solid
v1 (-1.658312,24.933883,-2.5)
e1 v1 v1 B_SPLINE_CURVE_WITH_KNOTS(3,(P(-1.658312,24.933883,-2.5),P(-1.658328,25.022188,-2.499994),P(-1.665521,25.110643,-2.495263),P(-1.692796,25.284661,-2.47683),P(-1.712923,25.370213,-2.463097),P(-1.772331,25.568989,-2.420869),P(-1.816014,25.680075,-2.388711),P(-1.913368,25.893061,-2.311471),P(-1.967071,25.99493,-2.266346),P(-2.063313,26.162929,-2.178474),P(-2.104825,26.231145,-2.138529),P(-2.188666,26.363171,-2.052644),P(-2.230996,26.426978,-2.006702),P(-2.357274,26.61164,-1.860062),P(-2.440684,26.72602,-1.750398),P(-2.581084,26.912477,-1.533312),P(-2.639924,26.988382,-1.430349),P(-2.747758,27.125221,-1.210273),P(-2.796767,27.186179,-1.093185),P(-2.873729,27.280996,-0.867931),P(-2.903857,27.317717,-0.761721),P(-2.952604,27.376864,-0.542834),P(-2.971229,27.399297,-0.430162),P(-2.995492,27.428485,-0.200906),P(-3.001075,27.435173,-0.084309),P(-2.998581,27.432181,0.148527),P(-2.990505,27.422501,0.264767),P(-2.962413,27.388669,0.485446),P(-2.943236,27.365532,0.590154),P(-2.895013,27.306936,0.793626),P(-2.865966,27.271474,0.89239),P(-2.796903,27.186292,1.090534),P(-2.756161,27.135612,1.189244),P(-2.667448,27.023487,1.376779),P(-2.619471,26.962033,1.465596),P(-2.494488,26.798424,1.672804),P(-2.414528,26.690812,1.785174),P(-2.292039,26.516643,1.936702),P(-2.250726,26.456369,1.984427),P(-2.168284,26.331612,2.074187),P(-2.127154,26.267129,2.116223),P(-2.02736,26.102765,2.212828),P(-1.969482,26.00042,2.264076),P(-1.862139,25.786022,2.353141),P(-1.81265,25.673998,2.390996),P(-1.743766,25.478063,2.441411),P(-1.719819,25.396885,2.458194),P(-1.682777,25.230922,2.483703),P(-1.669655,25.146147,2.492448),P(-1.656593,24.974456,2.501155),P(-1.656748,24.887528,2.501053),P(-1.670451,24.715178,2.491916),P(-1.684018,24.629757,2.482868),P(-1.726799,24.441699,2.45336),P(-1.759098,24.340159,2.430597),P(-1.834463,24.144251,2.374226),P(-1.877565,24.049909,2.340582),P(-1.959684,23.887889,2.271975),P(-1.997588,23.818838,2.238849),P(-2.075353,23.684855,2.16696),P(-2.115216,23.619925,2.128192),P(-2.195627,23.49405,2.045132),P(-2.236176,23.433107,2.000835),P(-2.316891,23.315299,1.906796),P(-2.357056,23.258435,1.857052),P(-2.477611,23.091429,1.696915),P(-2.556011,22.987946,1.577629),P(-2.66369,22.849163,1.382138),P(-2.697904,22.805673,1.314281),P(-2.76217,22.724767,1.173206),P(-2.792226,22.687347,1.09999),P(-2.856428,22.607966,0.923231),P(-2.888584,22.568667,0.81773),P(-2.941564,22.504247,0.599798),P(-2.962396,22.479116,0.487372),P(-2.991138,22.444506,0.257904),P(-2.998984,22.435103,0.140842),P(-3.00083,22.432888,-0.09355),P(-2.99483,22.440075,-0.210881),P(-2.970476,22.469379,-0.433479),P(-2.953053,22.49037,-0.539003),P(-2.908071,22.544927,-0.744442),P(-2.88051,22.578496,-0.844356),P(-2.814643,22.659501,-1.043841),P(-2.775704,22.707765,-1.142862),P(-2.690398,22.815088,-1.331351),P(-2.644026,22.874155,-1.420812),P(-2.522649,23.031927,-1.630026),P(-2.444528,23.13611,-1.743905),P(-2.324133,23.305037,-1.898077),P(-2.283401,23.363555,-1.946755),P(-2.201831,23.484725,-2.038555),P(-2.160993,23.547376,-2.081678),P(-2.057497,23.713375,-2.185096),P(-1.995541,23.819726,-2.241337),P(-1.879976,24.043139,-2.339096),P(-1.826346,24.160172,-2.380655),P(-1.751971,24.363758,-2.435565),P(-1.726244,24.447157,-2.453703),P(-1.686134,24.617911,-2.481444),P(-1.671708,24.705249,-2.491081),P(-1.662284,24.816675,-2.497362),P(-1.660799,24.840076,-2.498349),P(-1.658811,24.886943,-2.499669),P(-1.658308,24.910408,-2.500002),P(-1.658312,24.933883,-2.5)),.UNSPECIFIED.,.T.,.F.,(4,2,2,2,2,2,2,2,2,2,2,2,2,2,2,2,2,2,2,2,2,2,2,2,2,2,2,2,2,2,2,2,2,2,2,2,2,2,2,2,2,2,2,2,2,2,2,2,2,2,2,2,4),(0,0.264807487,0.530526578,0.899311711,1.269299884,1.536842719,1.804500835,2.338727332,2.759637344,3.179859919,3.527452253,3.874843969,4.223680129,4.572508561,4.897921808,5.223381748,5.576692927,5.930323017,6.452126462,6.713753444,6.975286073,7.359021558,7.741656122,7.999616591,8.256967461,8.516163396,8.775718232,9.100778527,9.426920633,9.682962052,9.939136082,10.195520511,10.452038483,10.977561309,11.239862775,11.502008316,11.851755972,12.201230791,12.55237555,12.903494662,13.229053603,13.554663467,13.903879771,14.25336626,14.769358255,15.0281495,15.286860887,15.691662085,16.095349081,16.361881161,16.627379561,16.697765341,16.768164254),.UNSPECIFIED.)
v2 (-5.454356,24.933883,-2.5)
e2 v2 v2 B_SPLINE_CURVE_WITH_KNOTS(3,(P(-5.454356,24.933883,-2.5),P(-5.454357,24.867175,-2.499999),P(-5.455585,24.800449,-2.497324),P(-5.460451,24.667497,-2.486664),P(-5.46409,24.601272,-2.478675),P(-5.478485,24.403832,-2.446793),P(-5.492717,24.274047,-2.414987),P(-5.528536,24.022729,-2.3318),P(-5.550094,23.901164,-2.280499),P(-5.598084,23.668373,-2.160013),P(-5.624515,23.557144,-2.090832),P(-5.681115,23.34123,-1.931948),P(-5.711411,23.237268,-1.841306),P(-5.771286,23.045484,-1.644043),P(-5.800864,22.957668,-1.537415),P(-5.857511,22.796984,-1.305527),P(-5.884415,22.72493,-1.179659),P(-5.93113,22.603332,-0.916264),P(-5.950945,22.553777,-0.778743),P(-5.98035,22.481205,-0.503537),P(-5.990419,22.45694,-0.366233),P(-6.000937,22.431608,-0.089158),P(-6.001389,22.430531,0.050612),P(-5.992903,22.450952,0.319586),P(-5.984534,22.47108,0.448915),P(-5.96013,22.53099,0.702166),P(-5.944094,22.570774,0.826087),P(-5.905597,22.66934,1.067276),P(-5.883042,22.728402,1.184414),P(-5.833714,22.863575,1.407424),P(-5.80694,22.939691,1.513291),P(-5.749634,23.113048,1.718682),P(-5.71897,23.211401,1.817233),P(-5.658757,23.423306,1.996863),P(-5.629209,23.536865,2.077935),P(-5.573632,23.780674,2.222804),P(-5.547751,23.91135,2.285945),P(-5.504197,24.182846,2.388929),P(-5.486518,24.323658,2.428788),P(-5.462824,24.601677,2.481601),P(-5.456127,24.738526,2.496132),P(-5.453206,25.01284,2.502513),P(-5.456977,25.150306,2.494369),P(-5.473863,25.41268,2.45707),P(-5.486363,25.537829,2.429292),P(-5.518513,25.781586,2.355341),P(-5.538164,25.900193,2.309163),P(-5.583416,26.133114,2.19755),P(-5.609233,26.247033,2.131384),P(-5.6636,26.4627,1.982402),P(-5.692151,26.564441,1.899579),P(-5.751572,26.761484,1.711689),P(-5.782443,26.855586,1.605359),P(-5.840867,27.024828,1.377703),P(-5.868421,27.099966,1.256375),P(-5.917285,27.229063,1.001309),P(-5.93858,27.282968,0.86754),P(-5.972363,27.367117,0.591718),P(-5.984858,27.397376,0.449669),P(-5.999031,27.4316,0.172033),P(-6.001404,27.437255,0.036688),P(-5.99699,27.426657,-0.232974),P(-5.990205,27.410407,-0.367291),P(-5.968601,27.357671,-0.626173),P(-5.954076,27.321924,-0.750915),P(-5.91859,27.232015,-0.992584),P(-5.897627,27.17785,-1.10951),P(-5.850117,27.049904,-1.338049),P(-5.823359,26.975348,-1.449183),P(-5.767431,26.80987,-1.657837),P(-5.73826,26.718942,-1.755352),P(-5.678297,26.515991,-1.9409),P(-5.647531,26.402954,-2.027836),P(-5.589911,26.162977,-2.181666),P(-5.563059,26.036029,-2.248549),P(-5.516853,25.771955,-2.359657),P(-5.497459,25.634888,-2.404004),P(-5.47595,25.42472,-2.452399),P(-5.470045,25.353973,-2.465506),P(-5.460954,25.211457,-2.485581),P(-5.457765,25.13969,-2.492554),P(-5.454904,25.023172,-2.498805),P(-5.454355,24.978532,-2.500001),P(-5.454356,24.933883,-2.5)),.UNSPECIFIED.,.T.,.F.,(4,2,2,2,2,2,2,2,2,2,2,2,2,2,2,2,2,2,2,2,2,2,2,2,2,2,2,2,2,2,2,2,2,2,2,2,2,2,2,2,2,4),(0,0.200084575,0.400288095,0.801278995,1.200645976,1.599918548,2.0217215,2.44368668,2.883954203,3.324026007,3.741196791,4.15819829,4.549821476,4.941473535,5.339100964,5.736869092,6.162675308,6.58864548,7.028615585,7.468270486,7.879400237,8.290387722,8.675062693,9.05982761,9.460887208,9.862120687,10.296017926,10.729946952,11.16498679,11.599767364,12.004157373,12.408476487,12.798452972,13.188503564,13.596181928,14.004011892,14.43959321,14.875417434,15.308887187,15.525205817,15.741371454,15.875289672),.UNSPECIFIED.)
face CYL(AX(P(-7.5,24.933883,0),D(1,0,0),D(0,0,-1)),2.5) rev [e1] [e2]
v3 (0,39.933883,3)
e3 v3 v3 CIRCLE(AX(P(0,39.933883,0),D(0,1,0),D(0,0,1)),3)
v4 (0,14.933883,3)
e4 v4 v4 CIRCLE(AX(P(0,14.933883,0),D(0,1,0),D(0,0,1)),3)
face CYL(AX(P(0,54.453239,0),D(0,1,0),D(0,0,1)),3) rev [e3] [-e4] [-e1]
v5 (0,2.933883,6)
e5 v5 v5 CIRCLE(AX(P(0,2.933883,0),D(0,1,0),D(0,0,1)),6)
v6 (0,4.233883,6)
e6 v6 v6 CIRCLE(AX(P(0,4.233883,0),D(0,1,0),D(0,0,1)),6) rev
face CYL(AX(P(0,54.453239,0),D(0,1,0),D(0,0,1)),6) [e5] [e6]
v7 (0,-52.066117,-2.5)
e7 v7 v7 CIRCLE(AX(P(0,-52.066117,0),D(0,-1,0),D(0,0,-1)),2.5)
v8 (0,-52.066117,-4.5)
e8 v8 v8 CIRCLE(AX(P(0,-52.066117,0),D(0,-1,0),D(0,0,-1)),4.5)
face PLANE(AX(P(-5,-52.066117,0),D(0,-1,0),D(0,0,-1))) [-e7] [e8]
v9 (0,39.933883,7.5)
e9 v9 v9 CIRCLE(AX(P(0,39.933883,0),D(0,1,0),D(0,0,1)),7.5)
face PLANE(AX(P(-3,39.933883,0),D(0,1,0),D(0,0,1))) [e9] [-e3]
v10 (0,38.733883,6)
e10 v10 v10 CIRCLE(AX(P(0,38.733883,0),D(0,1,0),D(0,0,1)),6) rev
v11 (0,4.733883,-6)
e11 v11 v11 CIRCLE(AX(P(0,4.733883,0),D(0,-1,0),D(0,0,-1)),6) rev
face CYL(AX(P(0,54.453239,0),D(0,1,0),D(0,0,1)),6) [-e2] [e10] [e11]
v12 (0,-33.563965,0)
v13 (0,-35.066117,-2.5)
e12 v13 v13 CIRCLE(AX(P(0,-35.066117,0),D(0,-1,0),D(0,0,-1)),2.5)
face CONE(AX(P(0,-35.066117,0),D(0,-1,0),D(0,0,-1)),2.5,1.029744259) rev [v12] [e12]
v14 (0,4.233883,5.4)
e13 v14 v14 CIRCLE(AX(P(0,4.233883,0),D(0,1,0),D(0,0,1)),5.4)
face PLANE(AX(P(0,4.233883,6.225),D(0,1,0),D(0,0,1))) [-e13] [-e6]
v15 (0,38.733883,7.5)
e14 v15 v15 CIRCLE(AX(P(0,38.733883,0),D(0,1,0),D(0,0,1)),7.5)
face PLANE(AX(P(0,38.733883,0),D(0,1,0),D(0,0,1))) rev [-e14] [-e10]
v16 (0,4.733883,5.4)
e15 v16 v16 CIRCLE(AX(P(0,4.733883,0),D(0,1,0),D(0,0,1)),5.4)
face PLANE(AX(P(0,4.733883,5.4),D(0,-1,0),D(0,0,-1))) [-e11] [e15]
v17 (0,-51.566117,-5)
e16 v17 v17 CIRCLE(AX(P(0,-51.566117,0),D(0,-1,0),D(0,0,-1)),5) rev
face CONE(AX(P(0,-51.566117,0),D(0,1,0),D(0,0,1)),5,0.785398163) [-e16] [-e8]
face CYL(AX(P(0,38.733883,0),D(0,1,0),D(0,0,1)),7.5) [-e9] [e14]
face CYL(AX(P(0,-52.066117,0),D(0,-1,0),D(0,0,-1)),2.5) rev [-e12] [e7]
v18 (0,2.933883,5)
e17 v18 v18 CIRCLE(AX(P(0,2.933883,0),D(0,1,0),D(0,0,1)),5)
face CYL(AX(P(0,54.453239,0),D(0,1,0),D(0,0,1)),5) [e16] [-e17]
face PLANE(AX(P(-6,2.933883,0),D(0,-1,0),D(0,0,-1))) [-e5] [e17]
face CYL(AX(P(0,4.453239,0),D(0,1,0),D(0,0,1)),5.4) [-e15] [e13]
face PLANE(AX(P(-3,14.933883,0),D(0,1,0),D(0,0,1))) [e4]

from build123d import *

# Parameters (mm, degrees)
CHAMFER1_SIZE         = 0.5
BOSS_EXTRUDE1_START   = -1.2
SKETCH2_R             = 7.5
SKETCH2_R_2           = 3
BOSS_EXTRUDE1_DEPTH   = 1.2
SKETCH5_R             = 2.5
CUT_EXTRUDE1_DEPTH    = 54.135491794
M6_TAPPED_HOLE1_D     = 5
M6_TAPPED_HOLE1_DEPTH = 17
M6_TAPPED_HOLE1_TIP   = 1.502151548


with BuildPart() as part:
    # Sketch1 → Revolve1 (revolve)
    with BuildSketch(Plane.XY, mode=Mode.PRIVATE) as revolve1_sk:
        Polygon((-3, 39.933883493), (-3, 14.933883493), (0, 14.933883493), (0, -52.066116507), (-5, -52.066116507), (-5, 2.933883493), (-6, 2.933883493), (-6, 39.933883493), align=None)
    revolve(revolve1_sk.sketch.rotate(Axis((0, 54.453238627, 0), (0, -1, 0)), 270), axis=Axis((0, 54.453238627, 0), (0, -1, 0)))

    # Chamfer1
    chamfer1_edges = [part.edges().sort_by_distance(p)[0] for p in [
        (0, -52.066116507, -5),
    ]]
    chamfer(chamfer1_edges, length=CHAMFER1_SIZE)

    # Sketch2 → Boss-Extrude1 (add)
    with BuildSketch(Plane(origin=(0, 39.933883493, 0), x_dir=(1, 0, 0), z_dir=(0, 1, 0)).offset(BOSS_EXTRUDE1_START)):
        with Locations(Location((0, 0, 0), (0, 0, 270))):
            Circle(SKETCH2_R)
        with Locations(Location((0, 0, 0), (0, 0, 270))):
            Circle(SKETCH2_R_2, mode=Mode.SUBTRACT)
    extrude(amount=BOSS_EXTRUDE1_DEPTH)

    # Sketch4 → Groove for ANSI B27.7 - 3BM1-12, Basic Internal Retaining Ring1 (revolve, cut)
    with BuildSketch(Plane(origin=(0, 54.453238627, 0), x_dir=(0, 0, 1), z_dir=(-1, 0, 0))):
        with BuildLine():
            Line((6.225, -50.219355134), (5.4, -50.219355134))
            Line((5.4, -50.219355134), (5.4, -49.719355134))
            Line((5.4, -49.719355134), (6.225, -49.719355134))
            ThreePointArc((6.225, -49.719355134), (6.295710678, -49.748644456), (6.325, -49.819355134))
            Line((6.325, -49.819355134), (6.325, -50.119355134))
            ThreePointArc((6.325, -50.119355134), (6.295710678, -50.190065812), (6.225, -50.219355134))
        make_face()
    revolve(axis=Axis((0, 4.453238627, 0), (0, 1, 0)), mode=Mode.SUBTRACT)

    # Sketch5 → Cut-Extrude1 (cut, through all)
    with BuildSketch(Plane(origin=(0, 0, 0), x_dir=(0, 0, -1), z_dir=(1, 0, 0))):
        with Locations((0, 24.933883493)):
            Circle(SKETCH5_R)
    extrude(amount=-CUT_EXTRUDE1_DEPTH, mode=Mode.SUBTRACT)

    # M6 Tapped Hole1
    with Locations(Plane.XZ.offset(52.066116507)):
        with Locations((0, 0)):
            Hole(M6_TAPPED_HOLE1_D / 2, depth=M6_TAPPED_HOLE1_DEPTH)
            with Locations((0, 0, -(M6_TAPPED_HOLE1_DEPTH + M6_TAPPED_HOLE1_TIP / 2))):  # 118° drill point
                Cone(0, M6_TAPPED_HOLE1_D / 2, M6_TAPPED_HOLE1_TIP, mode=Mode.SUBTRACT)


solid = part.part
